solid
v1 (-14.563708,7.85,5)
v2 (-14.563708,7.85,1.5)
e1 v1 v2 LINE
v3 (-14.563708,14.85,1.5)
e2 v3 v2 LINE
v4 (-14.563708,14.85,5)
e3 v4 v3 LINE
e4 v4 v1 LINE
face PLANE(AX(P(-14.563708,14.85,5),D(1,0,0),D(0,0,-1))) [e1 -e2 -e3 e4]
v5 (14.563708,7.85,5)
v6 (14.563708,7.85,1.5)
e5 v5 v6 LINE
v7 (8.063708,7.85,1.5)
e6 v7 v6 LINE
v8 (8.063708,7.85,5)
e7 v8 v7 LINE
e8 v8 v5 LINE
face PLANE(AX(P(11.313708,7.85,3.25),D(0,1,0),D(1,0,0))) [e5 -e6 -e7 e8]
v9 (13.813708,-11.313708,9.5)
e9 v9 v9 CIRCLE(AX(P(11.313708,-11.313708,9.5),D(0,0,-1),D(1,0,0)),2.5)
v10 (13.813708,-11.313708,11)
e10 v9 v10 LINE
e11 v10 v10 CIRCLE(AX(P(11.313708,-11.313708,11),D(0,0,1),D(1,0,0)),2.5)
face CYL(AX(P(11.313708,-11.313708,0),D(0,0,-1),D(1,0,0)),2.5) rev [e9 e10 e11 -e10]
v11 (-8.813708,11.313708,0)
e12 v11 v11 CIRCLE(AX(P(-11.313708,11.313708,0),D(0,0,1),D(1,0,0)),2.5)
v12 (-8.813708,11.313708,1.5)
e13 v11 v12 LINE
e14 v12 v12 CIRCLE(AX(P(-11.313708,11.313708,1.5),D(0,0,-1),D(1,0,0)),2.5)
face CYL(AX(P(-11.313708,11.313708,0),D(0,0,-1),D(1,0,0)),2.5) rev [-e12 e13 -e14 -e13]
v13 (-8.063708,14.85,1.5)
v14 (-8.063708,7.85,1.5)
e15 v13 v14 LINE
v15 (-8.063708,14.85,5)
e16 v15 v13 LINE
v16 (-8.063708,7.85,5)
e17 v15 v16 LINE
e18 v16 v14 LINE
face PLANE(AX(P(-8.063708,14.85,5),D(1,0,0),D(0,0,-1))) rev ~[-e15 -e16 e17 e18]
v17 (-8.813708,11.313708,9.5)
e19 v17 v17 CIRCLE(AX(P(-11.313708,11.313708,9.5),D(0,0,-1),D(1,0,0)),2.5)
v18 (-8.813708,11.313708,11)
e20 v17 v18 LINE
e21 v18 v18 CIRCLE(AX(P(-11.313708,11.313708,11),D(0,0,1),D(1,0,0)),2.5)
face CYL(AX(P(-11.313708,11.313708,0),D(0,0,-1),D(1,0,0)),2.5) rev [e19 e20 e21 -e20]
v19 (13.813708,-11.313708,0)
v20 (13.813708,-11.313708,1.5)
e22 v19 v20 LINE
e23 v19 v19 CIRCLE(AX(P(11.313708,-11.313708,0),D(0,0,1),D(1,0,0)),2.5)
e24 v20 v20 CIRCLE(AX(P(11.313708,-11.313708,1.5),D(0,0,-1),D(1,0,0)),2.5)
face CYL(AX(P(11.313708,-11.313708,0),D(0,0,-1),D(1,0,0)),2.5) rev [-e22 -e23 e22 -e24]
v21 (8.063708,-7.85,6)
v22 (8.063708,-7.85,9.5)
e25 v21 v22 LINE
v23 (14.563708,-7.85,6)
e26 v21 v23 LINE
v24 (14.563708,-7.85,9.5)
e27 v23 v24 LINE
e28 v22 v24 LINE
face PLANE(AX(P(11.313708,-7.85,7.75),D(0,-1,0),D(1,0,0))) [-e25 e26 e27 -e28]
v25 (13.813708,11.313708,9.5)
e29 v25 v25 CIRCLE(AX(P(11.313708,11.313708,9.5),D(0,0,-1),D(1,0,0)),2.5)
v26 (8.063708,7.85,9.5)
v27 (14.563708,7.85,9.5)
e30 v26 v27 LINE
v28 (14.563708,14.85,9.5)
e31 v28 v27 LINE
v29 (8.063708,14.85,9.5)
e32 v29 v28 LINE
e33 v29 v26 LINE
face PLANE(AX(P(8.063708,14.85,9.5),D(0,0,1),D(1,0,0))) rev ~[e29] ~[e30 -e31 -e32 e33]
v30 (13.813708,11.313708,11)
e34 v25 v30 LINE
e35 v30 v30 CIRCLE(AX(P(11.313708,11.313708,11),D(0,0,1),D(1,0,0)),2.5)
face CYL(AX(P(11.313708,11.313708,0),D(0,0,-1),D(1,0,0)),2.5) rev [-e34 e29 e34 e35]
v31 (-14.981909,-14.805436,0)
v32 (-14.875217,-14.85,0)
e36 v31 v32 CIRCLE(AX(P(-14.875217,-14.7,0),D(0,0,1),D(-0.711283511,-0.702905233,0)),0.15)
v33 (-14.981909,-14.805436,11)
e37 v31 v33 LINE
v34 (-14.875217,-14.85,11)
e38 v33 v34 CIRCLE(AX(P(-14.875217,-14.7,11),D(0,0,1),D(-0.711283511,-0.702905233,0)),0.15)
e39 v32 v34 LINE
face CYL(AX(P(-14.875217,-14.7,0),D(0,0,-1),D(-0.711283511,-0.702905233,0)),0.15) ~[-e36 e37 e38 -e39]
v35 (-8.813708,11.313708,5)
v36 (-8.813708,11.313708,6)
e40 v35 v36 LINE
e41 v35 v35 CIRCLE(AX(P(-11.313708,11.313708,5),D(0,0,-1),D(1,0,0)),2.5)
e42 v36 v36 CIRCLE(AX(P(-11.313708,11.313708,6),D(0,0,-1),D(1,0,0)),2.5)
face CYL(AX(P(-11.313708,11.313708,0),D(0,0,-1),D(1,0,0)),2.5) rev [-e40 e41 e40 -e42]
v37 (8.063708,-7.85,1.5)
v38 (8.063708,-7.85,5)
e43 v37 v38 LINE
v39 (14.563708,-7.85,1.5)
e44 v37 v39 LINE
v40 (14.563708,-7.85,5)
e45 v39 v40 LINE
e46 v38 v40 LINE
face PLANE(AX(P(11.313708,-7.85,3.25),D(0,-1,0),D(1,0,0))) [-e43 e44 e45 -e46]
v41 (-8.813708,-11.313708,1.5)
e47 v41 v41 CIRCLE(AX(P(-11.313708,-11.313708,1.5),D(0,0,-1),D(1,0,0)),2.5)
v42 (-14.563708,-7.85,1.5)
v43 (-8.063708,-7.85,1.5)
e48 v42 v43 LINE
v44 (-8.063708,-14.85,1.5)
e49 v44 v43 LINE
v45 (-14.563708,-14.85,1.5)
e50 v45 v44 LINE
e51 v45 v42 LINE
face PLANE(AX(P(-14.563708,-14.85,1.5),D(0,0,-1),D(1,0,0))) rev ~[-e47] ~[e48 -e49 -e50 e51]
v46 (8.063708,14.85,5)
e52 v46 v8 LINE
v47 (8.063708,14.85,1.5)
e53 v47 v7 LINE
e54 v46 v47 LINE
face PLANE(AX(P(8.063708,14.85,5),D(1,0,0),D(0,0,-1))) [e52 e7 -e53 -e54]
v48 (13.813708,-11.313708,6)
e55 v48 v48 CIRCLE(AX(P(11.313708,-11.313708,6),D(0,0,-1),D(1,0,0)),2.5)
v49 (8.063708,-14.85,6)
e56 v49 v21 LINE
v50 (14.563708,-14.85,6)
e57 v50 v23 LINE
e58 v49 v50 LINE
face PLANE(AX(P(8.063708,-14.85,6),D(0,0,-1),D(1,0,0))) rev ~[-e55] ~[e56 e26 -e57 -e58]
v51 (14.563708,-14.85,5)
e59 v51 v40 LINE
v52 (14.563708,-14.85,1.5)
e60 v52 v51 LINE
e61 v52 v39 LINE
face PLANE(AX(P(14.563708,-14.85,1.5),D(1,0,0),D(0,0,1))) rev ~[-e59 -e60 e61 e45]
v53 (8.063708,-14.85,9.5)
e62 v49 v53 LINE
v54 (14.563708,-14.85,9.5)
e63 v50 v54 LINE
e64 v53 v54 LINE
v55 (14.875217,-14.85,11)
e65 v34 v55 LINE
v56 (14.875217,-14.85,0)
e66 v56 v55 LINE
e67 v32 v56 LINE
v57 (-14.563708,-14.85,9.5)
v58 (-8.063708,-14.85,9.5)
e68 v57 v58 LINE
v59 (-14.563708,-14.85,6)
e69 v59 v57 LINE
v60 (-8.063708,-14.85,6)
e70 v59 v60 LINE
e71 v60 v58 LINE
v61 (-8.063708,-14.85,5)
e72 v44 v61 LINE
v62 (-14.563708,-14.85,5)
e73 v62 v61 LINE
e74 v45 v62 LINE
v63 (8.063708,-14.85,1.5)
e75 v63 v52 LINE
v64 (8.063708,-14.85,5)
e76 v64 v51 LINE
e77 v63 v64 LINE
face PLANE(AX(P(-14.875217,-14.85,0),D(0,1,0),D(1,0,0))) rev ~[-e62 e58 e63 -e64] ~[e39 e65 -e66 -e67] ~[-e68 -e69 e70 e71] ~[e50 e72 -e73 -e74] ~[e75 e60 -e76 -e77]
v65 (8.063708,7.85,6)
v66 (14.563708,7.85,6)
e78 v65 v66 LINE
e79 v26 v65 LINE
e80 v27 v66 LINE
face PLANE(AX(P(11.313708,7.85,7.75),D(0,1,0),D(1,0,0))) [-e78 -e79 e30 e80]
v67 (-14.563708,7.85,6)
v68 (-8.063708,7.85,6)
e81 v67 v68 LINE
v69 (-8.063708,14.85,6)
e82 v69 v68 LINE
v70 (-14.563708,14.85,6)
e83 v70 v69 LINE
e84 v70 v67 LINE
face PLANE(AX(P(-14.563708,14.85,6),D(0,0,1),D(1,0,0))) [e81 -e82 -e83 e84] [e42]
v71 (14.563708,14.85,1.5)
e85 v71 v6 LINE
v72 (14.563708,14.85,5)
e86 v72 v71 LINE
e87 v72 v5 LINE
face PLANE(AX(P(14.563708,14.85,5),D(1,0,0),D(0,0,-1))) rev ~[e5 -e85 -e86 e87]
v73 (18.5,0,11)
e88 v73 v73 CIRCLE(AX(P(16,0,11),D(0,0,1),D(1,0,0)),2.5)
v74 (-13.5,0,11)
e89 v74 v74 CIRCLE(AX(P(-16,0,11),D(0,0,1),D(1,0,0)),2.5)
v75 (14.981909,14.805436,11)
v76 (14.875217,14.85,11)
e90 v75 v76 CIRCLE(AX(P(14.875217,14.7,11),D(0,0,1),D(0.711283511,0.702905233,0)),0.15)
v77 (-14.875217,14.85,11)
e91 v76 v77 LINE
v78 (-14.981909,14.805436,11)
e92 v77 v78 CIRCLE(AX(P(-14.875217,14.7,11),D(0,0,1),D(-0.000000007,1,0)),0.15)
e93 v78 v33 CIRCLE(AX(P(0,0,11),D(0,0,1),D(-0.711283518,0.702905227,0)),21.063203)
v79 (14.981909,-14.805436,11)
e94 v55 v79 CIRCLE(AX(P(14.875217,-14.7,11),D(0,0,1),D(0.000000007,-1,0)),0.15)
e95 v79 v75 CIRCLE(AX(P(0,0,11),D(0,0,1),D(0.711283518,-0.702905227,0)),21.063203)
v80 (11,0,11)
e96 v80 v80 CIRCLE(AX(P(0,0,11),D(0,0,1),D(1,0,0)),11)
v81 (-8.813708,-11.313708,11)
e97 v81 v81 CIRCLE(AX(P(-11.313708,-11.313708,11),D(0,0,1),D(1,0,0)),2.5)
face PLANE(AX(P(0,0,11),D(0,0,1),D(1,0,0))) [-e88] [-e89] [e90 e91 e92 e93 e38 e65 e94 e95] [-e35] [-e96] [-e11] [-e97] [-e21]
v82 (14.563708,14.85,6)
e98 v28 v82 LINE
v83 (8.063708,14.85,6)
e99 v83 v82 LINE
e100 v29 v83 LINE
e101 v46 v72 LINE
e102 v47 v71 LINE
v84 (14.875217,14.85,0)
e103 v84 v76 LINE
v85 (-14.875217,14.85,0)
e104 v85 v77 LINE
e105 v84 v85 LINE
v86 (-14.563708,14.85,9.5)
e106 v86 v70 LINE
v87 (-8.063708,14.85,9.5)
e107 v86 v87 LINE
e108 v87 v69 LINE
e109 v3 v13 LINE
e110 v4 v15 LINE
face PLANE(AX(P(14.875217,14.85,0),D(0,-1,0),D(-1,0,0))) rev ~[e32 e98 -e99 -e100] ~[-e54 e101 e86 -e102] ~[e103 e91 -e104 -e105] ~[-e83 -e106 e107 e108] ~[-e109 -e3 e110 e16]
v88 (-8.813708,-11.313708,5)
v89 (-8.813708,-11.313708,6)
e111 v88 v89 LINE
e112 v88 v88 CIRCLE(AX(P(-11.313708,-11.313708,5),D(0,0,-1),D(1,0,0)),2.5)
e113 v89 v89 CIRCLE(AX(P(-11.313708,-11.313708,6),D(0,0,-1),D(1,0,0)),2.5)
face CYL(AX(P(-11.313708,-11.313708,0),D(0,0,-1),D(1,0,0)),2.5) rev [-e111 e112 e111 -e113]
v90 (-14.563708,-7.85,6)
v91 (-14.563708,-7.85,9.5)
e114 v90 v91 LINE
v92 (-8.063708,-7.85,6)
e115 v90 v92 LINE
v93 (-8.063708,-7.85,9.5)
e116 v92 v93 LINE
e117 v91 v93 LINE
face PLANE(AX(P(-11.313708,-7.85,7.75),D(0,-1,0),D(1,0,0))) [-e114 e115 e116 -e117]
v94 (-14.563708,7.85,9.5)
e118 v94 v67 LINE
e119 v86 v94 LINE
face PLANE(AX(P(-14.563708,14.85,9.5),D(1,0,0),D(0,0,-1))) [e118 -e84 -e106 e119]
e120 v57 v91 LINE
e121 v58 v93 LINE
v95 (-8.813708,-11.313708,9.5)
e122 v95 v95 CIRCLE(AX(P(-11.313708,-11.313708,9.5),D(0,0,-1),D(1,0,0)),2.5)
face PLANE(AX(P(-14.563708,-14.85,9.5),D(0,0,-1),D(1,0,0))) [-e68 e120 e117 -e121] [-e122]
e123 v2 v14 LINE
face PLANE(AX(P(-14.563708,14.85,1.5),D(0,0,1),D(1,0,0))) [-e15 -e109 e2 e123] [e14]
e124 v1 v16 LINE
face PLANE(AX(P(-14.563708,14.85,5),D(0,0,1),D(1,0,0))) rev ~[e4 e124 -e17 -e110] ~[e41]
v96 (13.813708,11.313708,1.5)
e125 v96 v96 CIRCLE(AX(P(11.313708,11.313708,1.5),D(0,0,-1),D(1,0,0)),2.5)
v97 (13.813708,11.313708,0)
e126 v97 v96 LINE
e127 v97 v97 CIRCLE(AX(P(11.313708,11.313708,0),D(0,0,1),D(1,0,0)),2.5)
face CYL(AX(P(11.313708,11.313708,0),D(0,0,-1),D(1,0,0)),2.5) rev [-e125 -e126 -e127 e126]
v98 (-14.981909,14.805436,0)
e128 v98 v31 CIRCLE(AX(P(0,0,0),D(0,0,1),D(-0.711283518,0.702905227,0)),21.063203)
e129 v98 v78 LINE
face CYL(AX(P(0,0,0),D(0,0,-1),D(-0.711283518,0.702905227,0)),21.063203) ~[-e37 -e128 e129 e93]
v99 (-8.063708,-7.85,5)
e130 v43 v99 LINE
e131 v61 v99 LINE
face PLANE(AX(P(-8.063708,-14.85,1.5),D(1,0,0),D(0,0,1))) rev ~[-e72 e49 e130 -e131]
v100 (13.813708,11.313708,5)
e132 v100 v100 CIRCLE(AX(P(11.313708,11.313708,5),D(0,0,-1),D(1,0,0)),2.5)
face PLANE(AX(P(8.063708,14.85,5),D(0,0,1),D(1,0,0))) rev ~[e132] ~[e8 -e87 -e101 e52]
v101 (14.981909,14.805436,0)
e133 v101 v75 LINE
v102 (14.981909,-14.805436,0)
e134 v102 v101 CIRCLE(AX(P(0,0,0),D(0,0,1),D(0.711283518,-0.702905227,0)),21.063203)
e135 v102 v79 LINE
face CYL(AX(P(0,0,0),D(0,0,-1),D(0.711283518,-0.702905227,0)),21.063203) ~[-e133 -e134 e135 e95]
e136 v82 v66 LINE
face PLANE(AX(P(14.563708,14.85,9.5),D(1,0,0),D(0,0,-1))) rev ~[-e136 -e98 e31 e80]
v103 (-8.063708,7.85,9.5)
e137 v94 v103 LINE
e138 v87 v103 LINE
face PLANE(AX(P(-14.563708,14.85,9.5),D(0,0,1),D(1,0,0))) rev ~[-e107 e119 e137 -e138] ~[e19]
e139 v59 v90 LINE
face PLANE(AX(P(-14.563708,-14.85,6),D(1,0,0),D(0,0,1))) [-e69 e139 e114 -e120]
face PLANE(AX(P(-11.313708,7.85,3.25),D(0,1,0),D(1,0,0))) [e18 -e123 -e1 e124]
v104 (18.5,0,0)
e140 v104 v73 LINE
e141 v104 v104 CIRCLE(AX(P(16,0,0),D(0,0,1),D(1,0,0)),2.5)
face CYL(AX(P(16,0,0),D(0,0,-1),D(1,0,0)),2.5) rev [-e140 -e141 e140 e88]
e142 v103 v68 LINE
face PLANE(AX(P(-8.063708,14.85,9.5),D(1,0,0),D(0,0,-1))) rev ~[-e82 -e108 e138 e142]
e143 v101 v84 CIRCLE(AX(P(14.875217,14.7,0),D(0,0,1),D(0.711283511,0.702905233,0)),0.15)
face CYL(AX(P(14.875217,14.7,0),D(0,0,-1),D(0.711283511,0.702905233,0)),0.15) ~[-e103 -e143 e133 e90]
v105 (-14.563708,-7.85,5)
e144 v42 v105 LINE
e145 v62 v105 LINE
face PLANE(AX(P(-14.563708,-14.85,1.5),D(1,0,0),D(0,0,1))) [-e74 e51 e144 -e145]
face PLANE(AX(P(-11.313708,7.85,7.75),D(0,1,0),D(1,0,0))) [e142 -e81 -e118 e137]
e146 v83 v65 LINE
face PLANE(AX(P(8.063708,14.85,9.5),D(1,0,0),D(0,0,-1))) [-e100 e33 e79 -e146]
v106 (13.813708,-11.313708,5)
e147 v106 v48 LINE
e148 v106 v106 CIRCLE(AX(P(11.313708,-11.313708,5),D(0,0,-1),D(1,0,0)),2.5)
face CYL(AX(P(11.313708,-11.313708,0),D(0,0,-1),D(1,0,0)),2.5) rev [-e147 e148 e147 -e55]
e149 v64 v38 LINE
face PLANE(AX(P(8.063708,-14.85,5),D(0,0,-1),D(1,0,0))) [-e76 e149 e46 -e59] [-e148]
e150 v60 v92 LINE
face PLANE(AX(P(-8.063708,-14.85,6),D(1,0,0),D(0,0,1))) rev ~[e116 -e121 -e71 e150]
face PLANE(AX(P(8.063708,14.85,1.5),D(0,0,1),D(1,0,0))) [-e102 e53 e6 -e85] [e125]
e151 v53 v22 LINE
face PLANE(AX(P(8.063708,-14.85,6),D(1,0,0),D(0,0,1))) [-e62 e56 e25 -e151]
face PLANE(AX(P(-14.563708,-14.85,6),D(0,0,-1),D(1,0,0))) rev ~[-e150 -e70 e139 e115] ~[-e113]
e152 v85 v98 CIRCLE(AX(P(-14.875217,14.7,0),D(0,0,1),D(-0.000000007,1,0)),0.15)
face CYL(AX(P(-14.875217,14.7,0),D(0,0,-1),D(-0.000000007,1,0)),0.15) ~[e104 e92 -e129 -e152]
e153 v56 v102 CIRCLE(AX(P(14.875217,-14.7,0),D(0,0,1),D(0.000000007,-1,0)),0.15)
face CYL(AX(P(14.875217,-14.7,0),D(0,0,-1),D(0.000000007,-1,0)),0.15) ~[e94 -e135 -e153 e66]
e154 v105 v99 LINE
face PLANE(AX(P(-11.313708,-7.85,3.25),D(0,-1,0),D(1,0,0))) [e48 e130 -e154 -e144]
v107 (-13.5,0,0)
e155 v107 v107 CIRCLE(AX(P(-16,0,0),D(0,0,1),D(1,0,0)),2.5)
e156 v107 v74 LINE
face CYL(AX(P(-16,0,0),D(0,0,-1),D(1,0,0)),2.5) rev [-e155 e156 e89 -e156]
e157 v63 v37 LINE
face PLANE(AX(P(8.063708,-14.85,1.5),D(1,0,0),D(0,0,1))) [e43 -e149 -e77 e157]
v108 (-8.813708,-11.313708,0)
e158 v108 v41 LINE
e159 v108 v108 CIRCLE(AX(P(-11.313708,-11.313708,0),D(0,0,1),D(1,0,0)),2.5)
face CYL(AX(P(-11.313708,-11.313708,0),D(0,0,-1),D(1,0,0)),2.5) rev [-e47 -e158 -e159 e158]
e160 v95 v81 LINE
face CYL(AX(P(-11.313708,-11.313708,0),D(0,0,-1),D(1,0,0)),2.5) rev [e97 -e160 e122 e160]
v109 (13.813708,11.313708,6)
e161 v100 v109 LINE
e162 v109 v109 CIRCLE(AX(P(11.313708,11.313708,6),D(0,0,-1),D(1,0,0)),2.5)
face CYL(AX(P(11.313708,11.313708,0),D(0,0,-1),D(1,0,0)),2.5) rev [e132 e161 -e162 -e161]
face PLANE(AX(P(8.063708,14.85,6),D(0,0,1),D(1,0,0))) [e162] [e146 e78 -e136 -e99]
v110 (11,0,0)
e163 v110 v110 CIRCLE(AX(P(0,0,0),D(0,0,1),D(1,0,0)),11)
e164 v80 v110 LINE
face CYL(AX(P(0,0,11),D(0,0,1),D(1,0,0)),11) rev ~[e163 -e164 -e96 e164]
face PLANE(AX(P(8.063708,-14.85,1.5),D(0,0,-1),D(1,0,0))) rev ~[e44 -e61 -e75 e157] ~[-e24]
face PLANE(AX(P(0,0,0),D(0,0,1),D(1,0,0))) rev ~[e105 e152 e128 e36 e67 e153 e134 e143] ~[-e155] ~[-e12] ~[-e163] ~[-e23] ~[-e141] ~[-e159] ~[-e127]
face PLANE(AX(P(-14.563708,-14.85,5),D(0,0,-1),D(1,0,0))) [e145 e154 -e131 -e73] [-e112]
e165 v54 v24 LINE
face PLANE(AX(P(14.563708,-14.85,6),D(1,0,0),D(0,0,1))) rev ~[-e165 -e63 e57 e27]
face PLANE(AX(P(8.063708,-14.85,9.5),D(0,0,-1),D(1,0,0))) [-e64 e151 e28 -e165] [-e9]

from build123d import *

# Parameters (mm, degrees)
ESQUISSE1_R             = 2.5
BOSS_EXTRU_1_DEPTH      = 11
ESQUISSE2_W             = 6.5
ESQUISSE2_H             = 3.5
ENL_V_MAT_EXTRU_1_DEPTH = 7
ESQUISSE3_W             = 6.5
ESQUISSE3_H             = 3.5
ENL_V_MAT_EXTRU_2_DEPTH = 7
ESQUISSE4_R             = 11
ENL_V_MAT_EXTRU_3_DEPTH = 21


with BuildPart() as part:
    # Esquisse1 → Boss.-Extru.1 (new body)
    with BuildSketch(Plane.XY):
        with BuildLine():
            Line((14.875216904, 14.85), (-14.875216904, 14.85))
            ThreePointArc((-14.875216904, 14.85), (-14.933029672, 14.838411285), (-14.981909432, 14.805435784))
            ThreePointArc((-14.981909432, 14.805435784), (-21.063203436, 0), (-14.981909432, -14.805435784))
            ThreePointArc((-14.981909432, -14.805435784), (-14.933029672, -14.838411285), (-14.875216904, -14.85))
            Line((-14.875216904, -14.85), (14.875216904, -14.85))
            ThreePointArc((14.875216904, -14.85), (14.933029672, -14.838411285), (14.981909432, -14.805435784))
            ThreePointArc((14.981909432, -14.805435784), (21.063203436, 0), (14.981909432, 14.805435784))
            ThreePointArc((14.981909432, 14.805435784), (14.933029672, 14.838411285), (14.875216904, 14.85))
        make_face()
        with Locations((-16, 0)):
            Circle(ESQUISSE1_R, mode=Mode.SUBTRACT)
        with Locations((-11.313708499, 11.313708499)):
            Circle(ESQUISSE1_R, mode=Mode.SUBTRACT)
        with Locations((-11.313708499, -11.313708499)):
            Circle(ESQUISSE1_R, mode=Mode.SUBTRACT)
        with Locations((11.313708499, -11.313708499)):
            Circle(ESQUISSE1_R, mode=Mode.SUBTRACT)
        with Locations((16, 0)):
            Circle(ESQUISSE1_R, mode=Mode.SUBTRACT)
        with Locations((11.313708499, 11.313708499)):
            Circle(ESQUISSE1_R, mode=Mode.SUBTRACT)
    extrude(amount=BOSS_EXTRU_1_DEPTH)

    # Esquisse2 → Enlèv. mat.-Extru.1 (cut)
    with BuildSketch(Plane(origin=(0, 14.85, 0), x_dir=(1, 0, 0), z_dir=(0, 1, 0))):
        with Locations((11.313708499, -3.25)):
            Rectangle(ESQUISSE2_W, ESQUISSE2_H)
        with Locations((-11.313708499, -3.25)):
            Rectangle(ESQUISSE2_W, ESQUISSE2_H)
        with Locations((11.313708499, -7.75)):
            Rectangle(ESQUISSE2_W, ESQUISSE2_H)
        with Locations((-11.313708499, -7.75)):
            Rectangle(ESQUISSE2_W, ESQUISSE2_H)
    extrude(amount=-ENL_V_MAT_EXTRU_1_DEPTH, mode=Mode.SUBTRACT)

    # Esquisse3 → Enlèv. mat.-Extru.2 (cut)
    with BuildSketch(Plane.XZ.offset(14.85)):
        with Locations((-11.313708499, 3.25)):
            Rectangle(ESQUISSE3_W, ESQUISSE3_H)
        with Locations((-11.313708499, 7.75)):
            Rectangle(ESQUISSE3_W, ESQUISSE3_H)
        with Locations((11.313708499, 3.25)):
            Rectangle(ESQUISSE3_W, ESQUISSE3_H)
        with Locations((11.313708499, 7.75)):
            Rectangle(ESQUISSE3_W, ESQUISSE3_H)
    extrude(amount=-ENL_V_MAT_EXTRU_2_DEPTH, mode=Mode.SUBTRACT)

    # Esquisse4 → Enlèv. mat.-Extru.3 (cut)
    with BuildSketch(Plane.XY.offset(11)):
        Circle(ESQUISSE4_R)
    extrude(amount=-ENL_V_MAT_EXTRU_3_DEPTH, mode=Mode.SUBTRACT)


solid = part.part
